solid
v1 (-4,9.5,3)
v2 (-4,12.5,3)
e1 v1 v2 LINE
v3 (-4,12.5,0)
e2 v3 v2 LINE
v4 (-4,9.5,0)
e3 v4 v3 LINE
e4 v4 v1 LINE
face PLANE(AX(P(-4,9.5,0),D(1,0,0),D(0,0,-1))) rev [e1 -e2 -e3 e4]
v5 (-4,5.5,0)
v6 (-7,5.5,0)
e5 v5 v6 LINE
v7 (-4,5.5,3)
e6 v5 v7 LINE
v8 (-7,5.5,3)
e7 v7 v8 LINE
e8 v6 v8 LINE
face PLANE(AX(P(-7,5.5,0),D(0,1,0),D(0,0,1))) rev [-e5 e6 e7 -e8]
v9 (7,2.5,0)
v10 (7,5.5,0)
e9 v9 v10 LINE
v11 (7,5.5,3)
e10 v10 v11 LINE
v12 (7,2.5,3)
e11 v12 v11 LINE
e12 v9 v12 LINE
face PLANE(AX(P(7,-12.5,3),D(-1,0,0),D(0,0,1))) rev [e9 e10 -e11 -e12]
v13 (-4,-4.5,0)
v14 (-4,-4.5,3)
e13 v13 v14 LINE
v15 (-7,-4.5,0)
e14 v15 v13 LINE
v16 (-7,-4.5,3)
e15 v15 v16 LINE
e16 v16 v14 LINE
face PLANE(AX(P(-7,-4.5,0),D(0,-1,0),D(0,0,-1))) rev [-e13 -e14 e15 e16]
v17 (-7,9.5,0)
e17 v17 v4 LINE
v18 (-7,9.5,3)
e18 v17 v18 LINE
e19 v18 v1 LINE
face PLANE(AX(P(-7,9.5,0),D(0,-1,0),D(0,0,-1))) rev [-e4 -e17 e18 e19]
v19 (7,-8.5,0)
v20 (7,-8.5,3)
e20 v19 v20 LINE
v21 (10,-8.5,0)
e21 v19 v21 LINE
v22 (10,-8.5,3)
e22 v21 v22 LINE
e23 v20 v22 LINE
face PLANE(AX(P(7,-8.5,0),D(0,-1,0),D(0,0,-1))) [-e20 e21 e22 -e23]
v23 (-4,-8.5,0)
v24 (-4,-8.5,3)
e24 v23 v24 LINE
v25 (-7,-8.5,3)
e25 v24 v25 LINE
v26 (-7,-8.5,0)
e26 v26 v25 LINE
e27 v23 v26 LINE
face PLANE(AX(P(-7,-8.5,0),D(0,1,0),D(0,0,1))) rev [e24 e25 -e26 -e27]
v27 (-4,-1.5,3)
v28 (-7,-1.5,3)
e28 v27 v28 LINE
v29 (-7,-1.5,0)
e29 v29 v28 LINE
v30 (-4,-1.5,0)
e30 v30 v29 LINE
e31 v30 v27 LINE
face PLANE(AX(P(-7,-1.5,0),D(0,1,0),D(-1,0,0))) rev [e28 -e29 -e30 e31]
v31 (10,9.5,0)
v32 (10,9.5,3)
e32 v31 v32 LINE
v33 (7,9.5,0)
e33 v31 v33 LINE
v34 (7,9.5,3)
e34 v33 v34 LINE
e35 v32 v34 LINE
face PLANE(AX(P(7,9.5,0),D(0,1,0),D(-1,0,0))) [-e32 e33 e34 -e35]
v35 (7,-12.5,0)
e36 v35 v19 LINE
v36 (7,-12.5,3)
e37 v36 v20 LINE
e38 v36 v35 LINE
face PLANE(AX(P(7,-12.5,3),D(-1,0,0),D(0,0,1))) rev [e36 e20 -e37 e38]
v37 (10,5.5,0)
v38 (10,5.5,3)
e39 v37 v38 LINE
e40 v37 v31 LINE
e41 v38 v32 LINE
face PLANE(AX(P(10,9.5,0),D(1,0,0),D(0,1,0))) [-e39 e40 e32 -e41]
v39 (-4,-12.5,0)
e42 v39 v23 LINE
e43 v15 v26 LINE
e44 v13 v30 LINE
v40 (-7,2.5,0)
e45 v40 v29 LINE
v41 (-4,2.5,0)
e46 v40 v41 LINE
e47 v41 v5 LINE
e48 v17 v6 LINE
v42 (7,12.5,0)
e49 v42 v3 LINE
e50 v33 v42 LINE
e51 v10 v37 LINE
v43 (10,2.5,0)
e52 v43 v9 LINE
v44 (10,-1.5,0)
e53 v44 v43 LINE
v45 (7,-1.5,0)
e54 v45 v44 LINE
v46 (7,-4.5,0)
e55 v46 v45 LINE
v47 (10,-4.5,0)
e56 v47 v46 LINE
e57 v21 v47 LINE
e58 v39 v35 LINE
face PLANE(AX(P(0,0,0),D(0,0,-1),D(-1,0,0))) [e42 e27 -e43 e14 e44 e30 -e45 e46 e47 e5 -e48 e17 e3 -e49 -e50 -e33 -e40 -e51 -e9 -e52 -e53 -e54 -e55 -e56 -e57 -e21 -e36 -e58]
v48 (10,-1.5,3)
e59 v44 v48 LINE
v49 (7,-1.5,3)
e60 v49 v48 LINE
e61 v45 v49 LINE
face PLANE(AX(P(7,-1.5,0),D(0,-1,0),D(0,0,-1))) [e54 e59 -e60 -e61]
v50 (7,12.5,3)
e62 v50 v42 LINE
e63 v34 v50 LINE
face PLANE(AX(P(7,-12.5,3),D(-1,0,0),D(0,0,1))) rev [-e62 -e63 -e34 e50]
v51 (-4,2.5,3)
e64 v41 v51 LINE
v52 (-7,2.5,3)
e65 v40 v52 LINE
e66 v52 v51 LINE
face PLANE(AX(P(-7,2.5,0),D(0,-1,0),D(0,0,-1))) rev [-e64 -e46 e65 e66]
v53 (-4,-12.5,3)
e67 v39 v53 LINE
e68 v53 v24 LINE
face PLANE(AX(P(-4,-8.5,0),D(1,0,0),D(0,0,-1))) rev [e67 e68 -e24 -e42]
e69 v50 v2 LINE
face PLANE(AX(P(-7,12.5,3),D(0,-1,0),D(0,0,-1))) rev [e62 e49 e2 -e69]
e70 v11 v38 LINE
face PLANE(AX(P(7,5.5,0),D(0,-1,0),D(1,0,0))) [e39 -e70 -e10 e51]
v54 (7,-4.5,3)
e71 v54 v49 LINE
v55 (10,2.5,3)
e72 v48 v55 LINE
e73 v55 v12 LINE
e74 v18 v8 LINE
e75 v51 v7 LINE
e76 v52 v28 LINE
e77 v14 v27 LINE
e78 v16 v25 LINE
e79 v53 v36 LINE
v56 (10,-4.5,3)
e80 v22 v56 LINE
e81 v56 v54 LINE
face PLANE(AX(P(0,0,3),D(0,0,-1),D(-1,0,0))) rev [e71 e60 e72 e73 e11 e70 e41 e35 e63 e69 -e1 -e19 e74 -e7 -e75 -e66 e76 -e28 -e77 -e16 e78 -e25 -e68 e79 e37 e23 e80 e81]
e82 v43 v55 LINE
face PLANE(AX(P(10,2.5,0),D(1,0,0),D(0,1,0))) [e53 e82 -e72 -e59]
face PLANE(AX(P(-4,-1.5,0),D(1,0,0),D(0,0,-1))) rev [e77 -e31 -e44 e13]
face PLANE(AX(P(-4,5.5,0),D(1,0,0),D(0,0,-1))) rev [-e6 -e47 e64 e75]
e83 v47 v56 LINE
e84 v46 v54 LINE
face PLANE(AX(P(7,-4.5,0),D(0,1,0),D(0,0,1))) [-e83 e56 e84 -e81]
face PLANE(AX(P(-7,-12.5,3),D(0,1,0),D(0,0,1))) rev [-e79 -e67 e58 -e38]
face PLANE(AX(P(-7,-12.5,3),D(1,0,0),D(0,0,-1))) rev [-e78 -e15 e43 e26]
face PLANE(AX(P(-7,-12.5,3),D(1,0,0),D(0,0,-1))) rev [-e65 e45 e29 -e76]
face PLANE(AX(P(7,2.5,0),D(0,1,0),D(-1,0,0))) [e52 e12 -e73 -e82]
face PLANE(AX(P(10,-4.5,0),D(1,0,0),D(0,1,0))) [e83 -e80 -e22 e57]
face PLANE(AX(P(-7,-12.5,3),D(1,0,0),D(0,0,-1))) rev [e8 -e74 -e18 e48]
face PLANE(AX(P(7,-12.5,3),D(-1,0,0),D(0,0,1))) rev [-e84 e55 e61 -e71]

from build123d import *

# Parameters (mm, degrees)
SKETCH1_W           = 14
SKETCH1_H           = 25
BOSS_EXTRUDE1_DEPTH = 3
SKETCH3_W           = 3
SKETCH3_H           = 3
SKETCH3_H_2         = 4
CUT_EXTRUDE2_DEPTH  = 3
SKETCH4_W           = 3
SKETCH4_H           = 4
BOSS_EXTRUDE2_DEPTH = 3


with BuildPart() as part:
    # Sketch1 → Boss-Extrude1 (new body)
    with BuildSketch(Plane.XY):
        Rectangle(SKETCH1_W, SKETCH1_H)
    extrude(amount=BOSS_EXTRUDE1_DEPTH)

    # Sketch3 → Cut-Extrude2 (cut)
    with BuildSketch(Plane.XY.offset(3)):
        with Locations((-5.5, 11)):
            Rectangle(SKETCH3_W, SKETCH3_H)
        with Locations((-5.5, 4)):
            Rectangle(SKETCH3_W, SKETCH3_H)
        with Locations((-5.5, -3)):
            Rectangle(SKETCH3_W, SKETCH3_H)
        with Locations((-5.5, -10.5)):
            Rectangle(SKETCH3_W, SKETCH3_H_2)
    extrude(amount=-CUT_EXTRUDE2_DEPTH, mode=Mode.SUBTRACT)

    # Sketch4 → Boss-Extrude2 (add)
    with BuildSketch(Plane.XY.offset(3)):
        with Locations((8.5, 7.5)):
            Rectangle(SKETCH4_W, SKETCH4_H)
        with Locations((8.5, 0.5)):
            Rectangle(SKETCH4_W, SKETCH4_H)
        with Locations((8.5, -6.5)):
            Rectangle(SKETCH4_W, SKETCH4_H)
    extrude(amount=-BOSS_EXTRUDE2_DEPTH)


solid = part.part
